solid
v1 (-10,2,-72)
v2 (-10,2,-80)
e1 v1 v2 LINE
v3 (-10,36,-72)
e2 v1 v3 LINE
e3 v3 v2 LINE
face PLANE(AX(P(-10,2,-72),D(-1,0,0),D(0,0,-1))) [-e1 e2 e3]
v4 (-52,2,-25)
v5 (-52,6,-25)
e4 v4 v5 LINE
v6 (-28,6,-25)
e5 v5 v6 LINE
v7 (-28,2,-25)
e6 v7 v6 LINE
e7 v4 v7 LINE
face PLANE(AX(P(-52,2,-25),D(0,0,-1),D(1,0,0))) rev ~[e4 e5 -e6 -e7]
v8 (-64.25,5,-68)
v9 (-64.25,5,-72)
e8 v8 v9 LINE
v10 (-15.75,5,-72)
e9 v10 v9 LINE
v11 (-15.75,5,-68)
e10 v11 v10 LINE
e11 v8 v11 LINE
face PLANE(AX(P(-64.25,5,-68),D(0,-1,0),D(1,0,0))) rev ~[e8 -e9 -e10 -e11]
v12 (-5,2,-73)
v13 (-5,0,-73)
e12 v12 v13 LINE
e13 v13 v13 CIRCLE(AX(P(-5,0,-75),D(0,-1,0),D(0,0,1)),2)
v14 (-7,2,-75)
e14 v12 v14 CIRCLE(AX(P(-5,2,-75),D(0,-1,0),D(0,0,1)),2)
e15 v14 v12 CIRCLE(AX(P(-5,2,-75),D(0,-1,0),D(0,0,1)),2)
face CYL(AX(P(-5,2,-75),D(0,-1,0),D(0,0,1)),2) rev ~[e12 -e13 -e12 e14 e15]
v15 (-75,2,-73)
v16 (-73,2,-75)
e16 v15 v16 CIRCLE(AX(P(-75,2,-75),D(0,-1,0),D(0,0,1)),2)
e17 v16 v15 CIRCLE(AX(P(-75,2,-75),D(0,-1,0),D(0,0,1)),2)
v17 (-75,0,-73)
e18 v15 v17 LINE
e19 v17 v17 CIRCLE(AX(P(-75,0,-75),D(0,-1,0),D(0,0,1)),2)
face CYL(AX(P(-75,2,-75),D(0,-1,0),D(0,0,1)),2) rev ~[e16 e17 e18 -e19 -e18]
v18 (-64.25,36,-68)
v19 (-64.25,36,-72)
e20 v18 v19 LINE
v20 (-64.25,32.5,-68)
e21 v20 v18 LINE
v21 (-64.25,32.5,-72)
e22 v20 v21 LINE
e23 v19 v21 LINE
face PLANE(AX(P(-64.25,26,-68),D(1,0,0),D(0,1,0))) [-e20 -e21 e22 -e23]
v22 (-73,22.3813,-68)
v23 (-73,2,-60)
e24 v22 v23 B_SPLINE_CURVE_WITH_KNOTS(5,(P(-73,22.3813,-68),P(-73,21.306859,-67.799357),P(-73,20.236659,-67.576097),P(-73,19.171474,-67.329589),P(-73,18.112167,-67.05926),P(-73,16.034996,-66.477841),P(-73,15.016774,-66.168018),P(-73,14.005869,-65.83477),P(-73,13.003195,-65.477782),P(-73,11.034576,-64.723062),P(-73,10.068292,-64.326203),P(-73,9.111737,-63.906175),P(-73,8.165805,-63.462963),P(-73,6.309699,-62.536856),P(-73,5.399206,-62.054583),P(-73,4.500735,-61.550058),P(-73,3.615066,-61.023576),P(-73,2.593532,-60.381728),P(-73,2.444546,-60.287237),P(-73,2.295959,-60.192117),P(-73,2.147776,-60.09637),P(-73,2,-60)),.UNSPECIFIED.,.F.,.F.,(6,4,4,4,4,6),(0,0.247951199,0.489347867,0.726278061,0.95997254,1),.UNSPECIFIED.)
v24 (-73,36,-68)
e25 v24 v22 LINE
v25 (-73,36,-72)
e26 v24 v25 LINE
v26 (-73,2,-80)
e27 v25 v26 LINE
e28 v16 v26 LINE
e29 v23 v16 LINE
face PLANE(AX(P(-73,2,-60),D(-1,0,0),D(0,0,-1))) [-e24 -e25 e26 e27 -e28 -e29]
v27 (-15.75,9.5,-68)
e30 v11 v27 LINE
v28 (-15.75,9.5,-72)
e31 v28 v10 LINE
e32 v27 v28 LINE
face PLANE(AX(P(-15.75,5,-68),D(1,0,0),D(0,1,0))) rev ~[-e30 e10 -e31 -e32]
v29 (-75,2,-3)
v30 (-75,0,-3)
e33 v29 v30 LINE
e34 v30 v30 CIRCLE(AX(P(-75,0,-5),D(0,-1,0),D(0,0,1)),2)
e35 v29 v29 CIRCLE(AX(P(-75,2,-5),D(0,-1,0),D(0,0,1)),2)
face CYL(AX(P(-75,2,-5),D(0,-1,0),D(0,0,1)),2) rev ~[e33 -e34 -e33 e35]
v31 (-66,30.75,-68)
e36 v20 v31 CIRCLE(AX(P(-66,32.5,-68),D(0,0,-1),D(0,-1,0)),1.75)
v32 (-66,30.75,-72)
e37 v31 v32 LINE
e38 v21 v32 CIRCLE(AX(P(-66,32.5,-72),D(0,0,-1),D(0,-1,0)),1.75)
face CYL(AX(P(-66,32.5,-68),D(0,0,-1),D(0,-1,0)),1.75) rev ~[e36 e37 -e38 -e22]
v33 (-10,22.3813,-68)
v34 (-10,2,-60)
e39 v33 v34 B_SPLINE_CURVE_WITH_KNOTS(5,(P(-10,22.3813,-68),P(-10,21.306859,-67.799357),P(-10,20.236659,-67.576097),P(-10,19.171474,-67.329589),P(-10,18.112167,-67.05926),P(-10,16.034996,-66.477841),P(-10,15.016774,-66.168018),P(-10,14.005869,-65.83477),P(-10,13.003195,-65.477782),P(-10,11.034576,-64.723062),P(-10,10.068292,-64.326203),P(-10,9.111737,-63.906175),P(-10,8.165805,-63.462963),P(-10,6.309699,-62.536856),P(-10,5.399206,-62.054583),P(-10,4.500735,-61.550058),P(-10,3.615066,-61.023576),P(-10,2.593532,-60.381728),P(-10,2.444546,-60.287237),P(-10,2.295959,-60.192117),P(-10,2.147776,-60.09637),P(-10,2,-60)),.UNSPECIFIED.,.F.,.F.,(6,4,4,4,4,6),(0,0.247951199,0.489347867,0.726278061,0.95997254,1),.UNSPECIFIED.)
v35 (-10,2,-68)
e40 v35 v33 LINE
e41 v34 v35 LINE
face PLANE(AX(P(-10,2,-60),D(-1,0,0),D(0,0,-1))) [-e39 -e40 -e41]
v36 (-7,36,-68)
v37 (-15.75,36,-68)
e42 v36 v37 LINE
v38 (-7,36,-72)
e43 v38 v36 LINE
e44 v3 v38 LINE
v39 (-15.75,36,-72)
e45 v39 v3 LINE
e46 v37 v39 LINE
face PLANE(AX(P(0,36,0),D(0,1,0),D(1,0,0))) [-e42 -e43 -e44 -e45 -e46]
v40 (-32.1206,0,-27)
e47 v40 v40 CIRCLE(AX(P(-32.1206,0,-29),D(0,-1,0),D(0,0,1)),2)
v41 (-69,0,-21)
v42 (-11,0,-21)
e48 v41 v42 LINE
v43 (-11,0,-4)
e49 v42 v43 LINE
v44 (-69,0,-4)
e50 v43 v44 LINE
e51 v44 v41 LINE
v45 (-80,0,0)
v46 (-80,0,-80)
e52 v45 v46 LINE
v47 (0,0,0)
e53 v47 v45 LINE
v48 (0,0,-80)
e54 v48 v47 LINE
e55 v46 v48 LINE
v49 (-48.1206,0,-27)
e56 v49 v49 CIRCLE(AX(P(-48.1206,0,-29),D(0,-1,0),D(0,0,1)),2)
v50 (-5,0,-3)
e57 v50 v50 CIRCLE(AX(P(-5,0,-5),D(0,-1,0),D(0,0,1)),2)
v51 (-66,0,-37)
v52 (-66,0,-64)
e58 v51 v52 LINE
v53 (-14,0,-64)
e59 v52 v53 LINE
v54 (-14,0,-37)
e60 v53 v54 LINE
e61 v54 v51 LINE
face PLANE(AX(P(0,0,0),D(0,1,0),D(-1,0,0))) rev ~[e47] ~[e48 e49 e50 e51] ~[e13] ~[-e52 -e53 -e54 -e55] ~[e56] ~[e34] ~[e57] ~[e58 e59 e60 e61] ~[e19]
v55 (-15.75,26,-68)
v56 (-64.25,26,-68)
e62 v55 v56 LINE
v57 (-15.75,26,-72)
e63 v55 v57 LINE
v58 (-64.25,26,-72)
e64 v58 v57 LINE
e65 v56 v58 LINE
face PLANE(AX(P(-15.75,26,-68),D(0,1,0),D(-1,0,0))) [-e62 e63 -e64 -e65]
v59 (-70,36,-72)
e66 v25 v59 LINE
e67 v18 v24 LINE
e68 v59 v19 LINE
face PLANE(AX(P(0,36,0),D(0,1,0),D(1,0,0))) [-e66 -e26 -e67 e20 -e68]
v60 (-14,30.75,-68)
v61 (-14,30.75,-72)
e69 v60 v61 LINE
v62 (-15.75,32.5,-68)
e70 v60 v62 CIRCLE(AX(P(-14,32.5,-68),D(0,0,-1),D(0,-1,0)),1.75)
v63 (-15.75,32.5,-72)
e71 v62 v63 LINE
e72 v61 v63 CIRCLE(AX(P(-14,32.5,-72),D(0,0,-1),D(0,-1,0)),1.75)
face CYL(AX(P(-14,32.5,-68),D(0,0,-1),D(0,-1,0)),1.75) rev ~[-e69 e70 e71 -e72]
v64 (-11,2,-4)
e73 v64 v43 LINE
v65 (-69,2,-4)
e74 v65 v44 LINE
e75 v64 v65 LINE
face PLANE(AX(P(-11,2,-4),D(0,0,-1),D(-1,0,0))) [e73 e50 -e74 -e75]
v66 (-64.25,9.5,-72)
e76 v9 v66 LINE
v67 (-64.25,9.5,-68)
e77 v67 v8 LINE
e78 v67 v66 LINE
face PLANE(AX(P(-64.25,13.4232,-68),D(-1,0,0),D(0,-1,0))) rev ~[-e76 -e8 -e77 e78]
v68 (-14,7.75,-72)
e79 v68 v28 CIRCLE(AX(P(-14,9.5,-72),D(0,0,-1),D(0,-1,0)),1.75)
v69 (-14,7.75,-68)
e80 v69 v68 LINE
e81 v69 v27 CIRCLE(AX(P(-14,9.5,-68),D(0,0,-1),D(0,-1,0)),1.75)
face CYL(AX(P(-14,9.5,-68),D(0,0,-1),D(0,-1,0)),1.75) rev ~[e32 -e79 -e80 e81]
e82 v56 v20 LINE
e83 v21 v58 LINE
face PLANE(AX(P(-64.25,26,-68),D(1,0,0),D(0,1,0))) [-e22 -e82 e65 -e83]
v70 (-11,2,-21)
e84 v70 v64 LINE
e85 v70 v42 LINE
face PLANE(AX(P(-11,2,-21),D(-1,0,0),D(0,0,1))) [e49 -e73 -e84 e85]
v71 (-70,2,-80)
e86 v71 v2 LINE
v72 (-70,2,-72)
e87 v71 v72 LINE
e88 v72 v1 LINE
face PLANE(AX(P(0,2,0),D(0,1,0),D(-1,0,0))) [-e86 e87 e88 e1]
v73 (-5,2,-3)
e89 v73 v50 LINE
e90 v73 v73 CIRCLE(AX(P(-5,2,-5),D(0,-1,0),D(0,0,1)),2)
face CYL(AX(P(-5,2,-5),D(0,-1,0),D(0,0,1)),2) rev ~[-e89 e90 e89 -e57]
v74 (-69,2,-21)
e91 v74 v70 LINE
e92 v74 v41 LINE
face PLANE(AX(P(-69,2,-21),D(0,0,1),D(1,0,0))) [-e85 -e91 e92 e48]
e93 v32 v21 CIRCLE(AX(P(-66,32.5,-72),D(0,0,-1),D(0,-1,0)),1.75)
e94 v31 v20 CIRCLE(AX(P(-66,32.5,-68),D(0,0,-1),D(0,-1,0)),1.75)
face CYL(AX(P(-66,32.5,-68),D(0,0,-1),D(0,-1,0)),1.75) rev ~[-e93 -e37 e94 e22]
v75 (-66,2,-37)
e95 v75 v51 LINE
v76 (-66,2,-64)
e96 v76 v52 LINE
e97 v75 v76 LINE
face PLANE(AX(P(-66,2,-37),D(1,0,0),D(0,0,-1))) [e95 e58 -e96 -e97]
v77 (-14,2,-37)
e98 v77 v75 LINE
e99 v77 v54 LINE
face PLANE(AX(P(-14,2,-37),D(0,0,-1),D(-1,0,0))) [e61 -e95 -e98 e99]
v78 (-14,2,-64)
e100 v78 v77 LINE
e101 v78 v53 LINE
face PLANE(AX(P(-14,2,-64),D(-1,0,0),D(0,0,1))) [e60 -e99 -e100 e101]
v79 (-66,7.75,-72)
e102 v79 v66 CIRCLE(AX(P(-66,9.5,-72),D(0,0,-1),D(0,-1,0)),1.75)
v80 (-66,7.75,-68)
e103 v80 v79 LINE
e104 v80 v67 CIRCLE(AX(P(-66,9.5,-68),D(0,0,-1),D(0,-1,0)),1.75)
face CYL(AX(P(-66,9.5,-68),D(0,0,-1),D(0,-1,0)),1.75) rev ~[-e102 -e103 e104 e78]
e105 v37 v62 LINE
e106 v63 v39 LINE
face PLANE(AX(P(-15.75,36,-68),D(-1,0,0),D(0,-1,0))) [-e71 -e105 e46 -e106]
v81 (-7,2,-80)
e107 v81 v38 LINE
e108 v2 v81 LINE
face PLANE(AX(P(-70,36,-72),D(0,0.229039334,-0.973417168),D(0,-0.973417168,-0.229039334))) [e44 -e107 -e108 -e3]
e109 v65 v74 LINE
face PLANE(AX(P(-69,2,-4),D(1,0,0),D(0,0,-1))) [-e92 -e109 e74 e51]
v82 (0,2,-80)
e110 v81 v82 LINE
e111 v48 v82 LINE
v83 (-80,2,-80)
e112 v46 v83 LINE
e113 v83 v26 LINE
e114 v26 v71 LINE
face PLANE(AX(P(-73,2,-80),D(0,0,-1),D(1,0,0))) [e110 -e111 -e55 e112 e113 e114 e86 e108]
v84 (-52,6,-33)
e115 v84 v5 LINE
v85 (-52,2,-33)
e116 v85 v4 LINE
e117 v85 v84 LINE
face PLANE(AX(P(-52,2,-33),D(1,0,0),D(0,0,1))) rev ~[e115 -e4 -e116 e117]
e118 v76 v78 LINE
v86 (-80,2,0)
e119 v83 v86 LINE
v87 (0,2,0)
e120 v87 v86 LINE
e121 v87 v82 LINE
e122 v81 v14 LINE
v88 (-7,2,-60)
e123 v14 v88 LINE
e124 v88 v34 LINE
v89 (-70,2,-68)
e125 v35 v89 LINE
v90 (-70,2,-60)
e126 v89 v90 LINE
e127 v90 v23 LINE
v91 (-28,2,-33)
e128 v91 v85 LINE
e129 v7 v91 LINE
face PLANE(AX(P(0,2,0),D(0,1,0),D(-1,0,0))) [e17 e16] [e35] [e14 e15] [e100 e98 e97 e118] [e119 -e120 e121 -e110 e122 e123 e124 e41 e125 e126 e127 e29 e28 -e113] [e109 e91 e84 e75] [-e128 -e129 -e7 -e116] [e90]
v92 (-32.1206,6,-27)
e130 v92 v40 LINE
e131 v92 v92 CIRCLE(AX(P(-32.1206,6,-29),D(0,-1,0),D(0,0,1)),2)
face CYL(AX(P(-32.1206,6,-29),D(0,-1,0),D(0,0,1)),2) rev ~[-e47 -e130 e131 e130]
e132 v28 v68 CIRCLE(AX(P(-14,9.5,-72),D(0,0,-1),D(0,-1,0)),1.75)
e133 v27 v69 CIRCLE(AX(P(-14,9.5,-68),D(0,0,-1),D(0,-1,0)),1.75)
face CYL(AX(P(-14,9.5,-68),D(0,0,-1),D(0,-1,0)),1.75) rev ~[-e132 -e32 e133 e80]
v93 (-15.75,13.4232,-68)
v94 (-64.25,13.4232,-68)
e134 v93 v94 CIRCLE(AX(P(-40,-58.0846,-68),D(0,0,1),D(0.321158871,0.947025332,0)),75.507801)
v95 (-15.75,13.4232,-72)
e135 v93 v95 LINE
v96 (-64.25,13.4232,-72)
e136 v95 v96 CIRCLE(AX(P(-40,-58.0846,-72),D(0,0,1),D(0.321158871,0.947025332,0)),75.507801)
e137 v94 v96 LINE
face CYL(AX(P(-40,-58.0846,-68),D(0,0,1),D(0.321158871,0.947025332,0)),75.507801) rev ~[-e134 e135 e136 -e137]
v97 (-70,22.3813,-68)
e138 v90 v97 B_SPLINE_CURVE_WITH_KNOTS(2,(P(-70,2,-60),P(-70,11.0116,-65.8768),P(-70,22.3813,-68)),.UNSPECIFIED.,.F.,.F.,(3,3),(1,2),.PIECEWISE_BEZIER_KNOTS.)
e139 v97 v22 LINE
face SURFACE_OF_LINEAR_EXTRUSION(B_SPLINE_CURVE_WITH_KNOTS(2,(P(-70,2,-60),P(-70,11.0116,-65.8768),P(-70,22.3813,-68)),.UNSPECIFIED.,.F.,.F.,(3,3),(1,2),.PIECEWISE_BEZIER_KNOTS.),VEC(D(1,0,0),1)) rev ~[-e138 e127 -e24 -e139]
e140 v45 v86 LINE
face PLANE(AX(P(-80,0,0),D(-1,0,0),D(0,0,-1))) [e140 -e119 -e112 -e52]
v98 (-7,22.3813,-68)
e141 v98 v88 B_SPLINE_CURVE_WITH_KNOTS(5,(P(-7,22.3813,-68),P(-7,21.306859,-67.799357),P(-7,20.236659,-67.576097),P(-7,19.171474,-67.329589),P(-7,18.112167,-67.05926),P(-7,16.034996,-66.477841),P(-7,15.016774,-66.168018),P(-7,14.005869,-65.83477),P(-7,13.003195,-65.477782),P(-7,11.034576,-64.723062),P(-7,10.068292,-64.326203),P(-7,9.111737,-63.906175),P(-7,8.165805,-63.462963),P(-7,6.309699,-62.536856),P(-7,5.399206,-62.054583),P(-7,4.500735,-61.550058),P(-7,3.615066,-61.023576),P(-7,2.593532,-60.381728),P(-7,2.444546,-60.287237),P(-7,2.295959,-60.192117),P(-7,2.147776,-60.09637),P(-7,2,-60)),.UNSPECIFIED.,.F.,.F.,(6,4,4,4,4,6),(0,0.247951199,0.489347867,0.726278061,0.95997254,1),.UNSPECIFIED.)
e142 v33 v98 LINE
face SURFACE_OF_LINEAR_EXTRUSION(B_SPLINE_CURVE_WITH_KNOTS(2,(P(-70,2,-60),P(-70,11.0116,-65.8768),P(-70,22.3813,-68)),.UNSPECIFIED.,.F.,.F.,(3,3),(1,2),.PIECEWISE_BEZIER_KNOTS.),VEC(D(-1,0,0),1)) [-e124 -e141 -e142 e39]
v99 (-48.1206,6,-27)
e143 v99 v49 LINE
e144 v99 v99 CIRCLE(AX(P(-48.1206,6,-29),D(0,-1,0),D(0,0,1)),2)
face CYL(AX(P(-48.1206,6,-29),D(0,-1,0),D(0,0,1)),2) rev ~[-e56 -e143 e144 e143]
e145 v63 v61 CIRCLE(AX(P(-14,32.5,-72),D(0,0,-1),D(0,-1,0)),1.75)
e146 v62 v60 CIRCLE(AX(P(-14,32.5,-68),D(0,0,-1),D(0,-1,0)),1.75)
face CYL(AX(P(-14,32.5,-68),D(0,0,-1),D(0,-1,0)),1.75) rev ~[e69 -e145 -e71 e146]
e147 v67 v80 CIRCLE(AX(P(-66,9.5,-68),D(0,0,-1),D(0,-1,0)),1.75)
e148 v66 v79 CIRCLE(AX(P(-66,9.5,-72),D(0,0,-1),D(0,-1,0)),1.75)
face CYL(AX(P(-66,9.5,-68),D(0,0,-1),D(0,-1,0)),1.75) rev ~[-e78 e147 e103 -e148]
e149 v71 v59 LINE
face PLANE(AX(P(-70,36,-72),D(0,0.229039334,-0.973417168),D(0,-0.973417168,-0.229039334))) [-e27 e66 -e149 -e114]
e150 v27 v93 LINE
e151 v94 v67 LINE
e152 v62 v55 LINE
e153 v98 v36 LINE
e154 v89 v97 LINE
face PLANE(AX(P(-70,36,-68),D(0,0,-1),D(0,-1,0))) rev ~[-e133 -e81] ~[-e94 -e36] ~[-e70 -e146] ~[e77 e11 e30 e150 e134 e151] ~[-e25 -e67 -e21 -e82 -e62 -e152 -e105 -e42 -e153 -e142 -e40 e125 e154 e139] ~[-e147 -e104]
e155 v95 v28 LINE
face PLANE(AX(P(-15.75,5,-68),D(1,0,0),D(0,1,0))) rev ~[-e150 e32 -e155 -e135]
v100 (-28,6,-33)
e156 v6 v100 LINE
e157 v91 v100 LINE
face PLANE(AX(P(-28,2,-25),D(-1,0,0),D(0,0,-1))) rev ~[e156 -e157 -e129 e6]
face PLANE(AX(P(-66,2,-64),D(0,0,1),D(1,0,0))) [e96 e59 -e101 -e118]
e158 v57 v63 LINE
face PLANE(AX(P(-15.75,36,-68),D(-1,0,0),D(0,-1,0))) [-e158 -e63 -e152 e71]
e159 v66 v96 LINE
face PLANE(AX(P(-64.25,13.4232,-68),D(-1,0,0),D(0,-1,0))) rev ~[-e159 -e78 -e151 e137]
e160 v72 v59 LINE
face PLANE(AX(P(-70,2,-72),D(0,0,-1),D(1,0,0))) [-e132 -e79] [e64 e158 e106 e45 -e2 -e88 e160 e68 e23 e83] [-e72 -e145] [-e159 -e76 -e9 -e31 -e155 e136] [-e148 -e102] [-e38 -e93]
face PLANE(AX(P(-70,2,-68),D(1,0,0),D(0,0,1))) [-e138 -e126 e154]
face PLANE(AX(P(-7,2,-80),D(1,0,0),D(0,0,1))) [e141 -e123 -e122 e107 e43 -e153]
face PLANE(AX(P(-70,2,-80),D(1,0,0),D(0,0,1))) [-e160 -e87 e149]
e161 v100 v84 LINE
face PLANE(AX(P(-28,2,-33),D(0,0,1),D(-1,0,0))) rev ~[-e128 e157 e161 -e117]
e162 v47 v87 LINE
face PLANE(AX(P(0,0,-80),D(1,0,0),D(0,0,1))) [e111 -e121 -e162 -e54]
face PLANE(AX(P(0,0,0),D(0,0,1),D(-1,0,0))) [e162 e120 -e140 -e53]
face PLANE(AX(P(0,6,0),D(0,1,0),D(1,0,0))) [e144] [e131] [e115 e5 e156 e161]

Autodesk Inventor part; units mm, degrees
ref_plane "YZ Plane" through (0, 0, 0) normal (1, 0, 0) x (0, 1, 0)
ref_plane "XZ Plane" through (0, 0, 0) normal (0, 1, 0) x (-1, 0, 0)
ref_plane "XY Plane" through (0, 0, 0) normal (0, 0, 1) x (1, 0, 0)
sketch "Sketch1" plane through (0, 0, 0) normal (0, 1, 0) x (-1, 0, 0)
  line L0 (0, 0) -> (80, 0)
  line L1 (80, 0) -> (80, -80)
  line L2 (80, -80) -> (0, -80)
  line L3 (0, -80) -> (0, 0)
  line L4 (63.0847, -18.93) -> (13.0847, -18.93) construction
  line L5 (13.0847, -18.93) -> (13.0847, -23.93) construction
  line L6 (13.0847, -23.93) -> (63.0847, -23.93) construction
  line L7 (63.0847, -23.93) -> (63.0847, -18.93) construction
  line L8 (63.0847, -42.93) -> (13.0847, -42.93) construction
  line L9 (13.0847, -42.93) -> (13.0847, -47.93) construction
  line L10 (13.0847, -47.93) -> (63.0847, -47.93) construction
  line L11 (63.0847, -47.93) -> (63.0847, -42.93) construction
  line L12 (51.4414, -53.454) -> (27.4414, -53.454) construction
  line L13 (27.4414, -53.454) -> (27.4414, -61.454) construction
  line L14 (27.4414, -61.454) -> (51.4414, -61.454) construction
  line L15 (51.4414, -61.454) -> (51.4414, -53.454) construction
  circle A0 centre (48.4614, -57.454) radius 2 construction
  circle A1 centre (30.4614, -57.454) radius 2 construction
  dimension "d0" = 80
  dimension "d1" = 80
  dimension "d2" = 24
  dimension "d3" = 8
  dimension "d4" = 4
  dimension "d5" = 18
  dimension "d6" = 2.98
  dimension "d7" = 4
  dimension "d8" = 3.02
  dimension "d9" = 50
  dimension "d10" = 5
  dimension "d11" = 19
extrude "Extrusion1" add sketch "Sketch1" along normal blind 2
sketch "Sketch3" plane through (0, 2, 0) normal (0, 1, 0) x (1, 0, 0)
  circle A0 centre (-48.98, 29) radius 2 construction
  circle A1 centre (-30.98, 29) radius 2 construction
  line L0 (-28, 33) -> (-52, 33)
  line L1 (-52, 25) -> (-28, 25)
  line L2 (-28, 25) -> (-28, 33)
  line L3 (-52, 33) -> (-52, 25)
  line L4 (-80, 80) -> (-80, 0) construction
  line L5 (-80, 40) -> (0, 40) construction
  line L6 (0, 0) -> (0, 80) construction
  line L7 (0, 80) -> (-80, 80) construction
  line L8 (-40, 80) -> (-40, 0) construction
  line L9 (-80, 0) -> (0, 0) construction
  point P0 (-40, 33)
  dimension "d29" = 24
  dimension "d30" = 8
  dimension "d31" = 4
  dimension "d32" = 18
  dimension "d33" = 2.98
  dimension "d34" = 4
  dimension "d35" = 3.02
  dimension "d128" = 15
extrude "Extrusion3" add sketch "Sketch3" along normal blind 4
sketch "Sketch4" plane through (0, 2, 0) normal (0, 1, 0) x (1, 0, 0)
  point P0 (0, 0)
sketch "Sketch7" plane through (0, 2, 0) normal (0, 1, 0) x (1, 0, 0)
  line L0 (-5, 5) -> (-75, 5)
  line L1 (-75, 5) -> (-75, 75)
  line L2 (-75, 75) -> (-5, 75)
  line L3 (-5, 75) -> (-5, 5)
  line L4 (-80, 0) -> (0, 0) projected
  line L5 (0, 0) -> (0, 80) projected
  line L6 (-80, 80) -> (-80, 0) projected
  line L7 (0, 80) -> (-80, 80) projected
  dimension "d49" = 5
  dimension "d50" = 5
  dimension "d51" = 5
  dimension "d52" = 5
hole "Hole2" at (-5, 2, -5) at (-5, 2, -75) at (-75, 2, -75) at (-75, 2, -5) direction (0, -1, 0) diameter 4 end through all
sketch "Sketch10" plane through (0, 6, 0) normal (0, 1, 0) x (1, 0, 0)
  line L0 (-52, 33) -> (-52, 25) projected
  line L1 (-52, 29) -> (-29.1848, 29)
  point P0 (0, 0)
  point P1 (-48.1206, 29)
  point P2 (-32.1206, 29)
  dimension "d81" = 16
hole "Hole3" at (-48.1206, 6, -29) at (-32.1206, 6, -29) direction (0, -1, 0) diameter 4 end through all
sketch "Sketch20" plane through (0, 2, 0) normal (0, 1, 0) x (1, 0, 0)
  line L0 (-73, 80) -> (-70, 80) construction
  line L1 (-70, 60) -> (-73, 60) construction
  line L2 (-73, 60) -> (-73, 80) construction
  line L3 (-10, 60) -> (-7, 60) construction
  line L4 (-7, 60) -> (-7, 80) construction
  line L5 (-7, 80) -> (-10, 80) construction
  line L6 (-70, 60) -> (-73, 60)
  line L7 (-73, 60) -> (-73, 80)
  line L8 (-73, 80) -> (-70, 80)
  line L9 (-70, 80) -> (-70, 72)
  line L10 (-70, 72) -> (-10, 72)
  line L11 (-10, 72) -> (-10, 80)
  line L12 (-10, 80) -> (-7, 80)
  line L13 (-7, 80) -> (-7, 60)
  line L14 (-7, 60) -> (-10, 60)
  line L15 (-10, 60) -> (-10, 68)
  line L16 (-10, 68) -> (-70, 68)
  line L17 (-70, 68) -> (-70, 60)
  line L18 (-70, 60) -> (-73, 60)
  point P0 (0, 0)
  dimension "d132" = 3
  dimension "d133" = 20
extrude "Extrusion13" add sketch "Sketch20" along normal blind 34
sketch "Sketch21" plane through (-70, 2, -60) normal (1, 0, 0) x (0, 0, -1)
  line L0 (8, 0) -> (0, 0) construction
  line L1 (0, 0) -> (5.8768, 9.0116) construction
  line L2 (8, 0) -> (8, 34) construction
  line L3 (5.8768, 9.0116) -> (8, 20.3813) construction
  spline S0 degree 2 poles (0, 0) (5.8768, 9.0116) (8, 20.3813) knots 1 1 1 2 2 2
  line L4 (0, 0) -> (0, 34) projected
  line L5 (0, 0) -> (0, 34)
  line L6 (0, 34) -> (8, 34) projected
  line L7 (0, 34) -> (8, 34)
  line L8 (8, 34) -> (8, 20.3813)
  point P0 (-60, -2)
extrude "Extrusion14" cut sketch "Sketch21" along normal through all both and the other way through all
sketch "Sketch22" plane through (-70, 2, -72) normal (1, 0, 0) x (0, 0, -1)
  line L0 (0, 34) -> (8, 0)
  line L1 (8, 0) -> (8, 34)
  line L2 (0, 34) -> (8, 34) projected
  line L3 (8, 34) -> (0, 34)
  point P0 (-72, -2)
extrude "Extrusion15" cut sketch "Sketch22" along normal through all both and the other way through all
sketch "Sketch23" plane through (-70, 2, -68) normal (0, 0, 1) x (1, 0, 0)
  line L0 (4, 7.5) -> (56, 7.5)
  line L1 (56, 7.5) -> (56, 30.5)
  line L2 (56, 30.5) -> (4, 30.5)
  line L3 (4, 30.5) -> (4, 7.5)
  line L4 (4, 7.5) -> (56, 30.5)
  line L5 (56, 7.5) -> (4, 30.5)
  line L6 (30, 30.5) -> (30, 34) construction
  line L7 (-3, 34) -> (63, 34) construction
  line L8 (30, 7.5) -> (30, 4) construction
  line L9 (18, 4) -> (42, 4) projected
  point P0 (70, -2)
  point P1 (30, 19)
  dimension "d142" = 52
  dimension "d143" = 23
hole "Hole5" at (-14, 32.5, -68) at (-14, 9.5, -68) at (-66, 9.5, -68) at (-66, 32.5, -68) direction (0, 0, -1) diameter 3.5 end through all
sketch "Sketch24" plane through (-70, 2, -68) normal (0, 0, 1) x (1, 0, 0)
  line L0 (60, 34) -> (0, 34) construction
  line L1 (5.75, 34) -> (54.25, 34)
  line L2 (54.25, 34) -> (54.25, 24)
  line L3 (54.25, 24) -> (5.75, 24)
  line L4 (5.75, 24) -> (5.75, 34)
  circle A0 centre (4, 30.5) radius 1.75 construction
  circle A1 centre (56, 30.5) radius 1.75 construction
  point P0 (70, -2)
  dimension "d151" = 0
  dimension "d152" = 0
  dimension "d153" = 10
extrude "Extrusion16" cut sketch "Sketch24" against normal blind 34
sketch "Sketch25" plane through (-70, 2, -68) normal (0, 0, 1) x (1, 0, 0)
  line L0 (5.75, 3) -> (54.25, 3)
  line L1 (54.25, 3) -> (54.25, 11.4232)
  line L2 (54.25, 11.4232) -> (5.75, 11.4232) construction
  line L3 (5.75, 11.4232) -> (5.75, 3)
  line L4 (60, 0) -> (0, 0) construction
  circle A0 centre (4, 7.5) radius 1.75 construction
  circle A1 centre (56, 7.5) radius 1.75 construction
  arc A2 (54.25, 11.4232) -> (5.75, 11.4232) centre (30, -60.0846) ccw
  line L5 (30, 15.4232) -> (30, 11.4232) construction
  point P0 (70, -2)
  dimension "d156" = 3
  dimension "d157" = 8.4232
  dimension "d159" = 0
  dimension "d160" = 0
  dimension "d161" = 4
extrude "Extrusion17" cut sketch "Sketch25" against normal blind 34
sketch "Sketch26" plane through (0, 2, 0) normal (0, 1, 0) x (1, 0, 0)
  line L0 (-66, 64) -> (-14, 64)
  line L1 (-14, 64) -> (-14, 37)
  line L2 (-14, 37) -> (-66, 37)
  line L3 (-66, 37) -> (-66, 64)
  line L4 (-70, 68) -> (-70, 60) construction
  line L5 (-10, 60) -> (-10, 68) projected
  line L6 (-15.75, 68) -> (-64.25, 68) construction
  line L7 (-28, 33) -> (-52, 33) projected
  line L8 (-80, 0) -> (0, 0) construction
  dimension "d164" = 4
  dimension "d165" = 4
  dimension "d166" = 4
  dimension "d167" = 4
extrude "Extrusion18" cut sketch "Sketch26" against normal blind 34
sketch "Sketch27" plane through (0, 2, 0) normal (0, 1, 0) x (1, 0, 0)
  line L0 (-69, 21) -> (-11, 21)
  line L1 (-11, 21) -> (-11, 4)
  line L2 (-11, 4) -> (-69, 4)
  line L3 (-69, 4) -> (-69, 21)
  line L4 (-52, 25) -> (-28, 25) construction
  line L5 (-80, 0) -> (0, 0) construction
  circle A0 centre (-75, 5) radius 2 construction
  circle A1 centre (-5, 5) radius 2 construction
  dimension "d172" = 4
  dimension "d173" = 4
  dimension "d174" = 4
  dimension "d175" = 4
extrude "Extrusion19" cut sketch "Sketch27" against normal blind 34
properties part number "ProtoBoard"
